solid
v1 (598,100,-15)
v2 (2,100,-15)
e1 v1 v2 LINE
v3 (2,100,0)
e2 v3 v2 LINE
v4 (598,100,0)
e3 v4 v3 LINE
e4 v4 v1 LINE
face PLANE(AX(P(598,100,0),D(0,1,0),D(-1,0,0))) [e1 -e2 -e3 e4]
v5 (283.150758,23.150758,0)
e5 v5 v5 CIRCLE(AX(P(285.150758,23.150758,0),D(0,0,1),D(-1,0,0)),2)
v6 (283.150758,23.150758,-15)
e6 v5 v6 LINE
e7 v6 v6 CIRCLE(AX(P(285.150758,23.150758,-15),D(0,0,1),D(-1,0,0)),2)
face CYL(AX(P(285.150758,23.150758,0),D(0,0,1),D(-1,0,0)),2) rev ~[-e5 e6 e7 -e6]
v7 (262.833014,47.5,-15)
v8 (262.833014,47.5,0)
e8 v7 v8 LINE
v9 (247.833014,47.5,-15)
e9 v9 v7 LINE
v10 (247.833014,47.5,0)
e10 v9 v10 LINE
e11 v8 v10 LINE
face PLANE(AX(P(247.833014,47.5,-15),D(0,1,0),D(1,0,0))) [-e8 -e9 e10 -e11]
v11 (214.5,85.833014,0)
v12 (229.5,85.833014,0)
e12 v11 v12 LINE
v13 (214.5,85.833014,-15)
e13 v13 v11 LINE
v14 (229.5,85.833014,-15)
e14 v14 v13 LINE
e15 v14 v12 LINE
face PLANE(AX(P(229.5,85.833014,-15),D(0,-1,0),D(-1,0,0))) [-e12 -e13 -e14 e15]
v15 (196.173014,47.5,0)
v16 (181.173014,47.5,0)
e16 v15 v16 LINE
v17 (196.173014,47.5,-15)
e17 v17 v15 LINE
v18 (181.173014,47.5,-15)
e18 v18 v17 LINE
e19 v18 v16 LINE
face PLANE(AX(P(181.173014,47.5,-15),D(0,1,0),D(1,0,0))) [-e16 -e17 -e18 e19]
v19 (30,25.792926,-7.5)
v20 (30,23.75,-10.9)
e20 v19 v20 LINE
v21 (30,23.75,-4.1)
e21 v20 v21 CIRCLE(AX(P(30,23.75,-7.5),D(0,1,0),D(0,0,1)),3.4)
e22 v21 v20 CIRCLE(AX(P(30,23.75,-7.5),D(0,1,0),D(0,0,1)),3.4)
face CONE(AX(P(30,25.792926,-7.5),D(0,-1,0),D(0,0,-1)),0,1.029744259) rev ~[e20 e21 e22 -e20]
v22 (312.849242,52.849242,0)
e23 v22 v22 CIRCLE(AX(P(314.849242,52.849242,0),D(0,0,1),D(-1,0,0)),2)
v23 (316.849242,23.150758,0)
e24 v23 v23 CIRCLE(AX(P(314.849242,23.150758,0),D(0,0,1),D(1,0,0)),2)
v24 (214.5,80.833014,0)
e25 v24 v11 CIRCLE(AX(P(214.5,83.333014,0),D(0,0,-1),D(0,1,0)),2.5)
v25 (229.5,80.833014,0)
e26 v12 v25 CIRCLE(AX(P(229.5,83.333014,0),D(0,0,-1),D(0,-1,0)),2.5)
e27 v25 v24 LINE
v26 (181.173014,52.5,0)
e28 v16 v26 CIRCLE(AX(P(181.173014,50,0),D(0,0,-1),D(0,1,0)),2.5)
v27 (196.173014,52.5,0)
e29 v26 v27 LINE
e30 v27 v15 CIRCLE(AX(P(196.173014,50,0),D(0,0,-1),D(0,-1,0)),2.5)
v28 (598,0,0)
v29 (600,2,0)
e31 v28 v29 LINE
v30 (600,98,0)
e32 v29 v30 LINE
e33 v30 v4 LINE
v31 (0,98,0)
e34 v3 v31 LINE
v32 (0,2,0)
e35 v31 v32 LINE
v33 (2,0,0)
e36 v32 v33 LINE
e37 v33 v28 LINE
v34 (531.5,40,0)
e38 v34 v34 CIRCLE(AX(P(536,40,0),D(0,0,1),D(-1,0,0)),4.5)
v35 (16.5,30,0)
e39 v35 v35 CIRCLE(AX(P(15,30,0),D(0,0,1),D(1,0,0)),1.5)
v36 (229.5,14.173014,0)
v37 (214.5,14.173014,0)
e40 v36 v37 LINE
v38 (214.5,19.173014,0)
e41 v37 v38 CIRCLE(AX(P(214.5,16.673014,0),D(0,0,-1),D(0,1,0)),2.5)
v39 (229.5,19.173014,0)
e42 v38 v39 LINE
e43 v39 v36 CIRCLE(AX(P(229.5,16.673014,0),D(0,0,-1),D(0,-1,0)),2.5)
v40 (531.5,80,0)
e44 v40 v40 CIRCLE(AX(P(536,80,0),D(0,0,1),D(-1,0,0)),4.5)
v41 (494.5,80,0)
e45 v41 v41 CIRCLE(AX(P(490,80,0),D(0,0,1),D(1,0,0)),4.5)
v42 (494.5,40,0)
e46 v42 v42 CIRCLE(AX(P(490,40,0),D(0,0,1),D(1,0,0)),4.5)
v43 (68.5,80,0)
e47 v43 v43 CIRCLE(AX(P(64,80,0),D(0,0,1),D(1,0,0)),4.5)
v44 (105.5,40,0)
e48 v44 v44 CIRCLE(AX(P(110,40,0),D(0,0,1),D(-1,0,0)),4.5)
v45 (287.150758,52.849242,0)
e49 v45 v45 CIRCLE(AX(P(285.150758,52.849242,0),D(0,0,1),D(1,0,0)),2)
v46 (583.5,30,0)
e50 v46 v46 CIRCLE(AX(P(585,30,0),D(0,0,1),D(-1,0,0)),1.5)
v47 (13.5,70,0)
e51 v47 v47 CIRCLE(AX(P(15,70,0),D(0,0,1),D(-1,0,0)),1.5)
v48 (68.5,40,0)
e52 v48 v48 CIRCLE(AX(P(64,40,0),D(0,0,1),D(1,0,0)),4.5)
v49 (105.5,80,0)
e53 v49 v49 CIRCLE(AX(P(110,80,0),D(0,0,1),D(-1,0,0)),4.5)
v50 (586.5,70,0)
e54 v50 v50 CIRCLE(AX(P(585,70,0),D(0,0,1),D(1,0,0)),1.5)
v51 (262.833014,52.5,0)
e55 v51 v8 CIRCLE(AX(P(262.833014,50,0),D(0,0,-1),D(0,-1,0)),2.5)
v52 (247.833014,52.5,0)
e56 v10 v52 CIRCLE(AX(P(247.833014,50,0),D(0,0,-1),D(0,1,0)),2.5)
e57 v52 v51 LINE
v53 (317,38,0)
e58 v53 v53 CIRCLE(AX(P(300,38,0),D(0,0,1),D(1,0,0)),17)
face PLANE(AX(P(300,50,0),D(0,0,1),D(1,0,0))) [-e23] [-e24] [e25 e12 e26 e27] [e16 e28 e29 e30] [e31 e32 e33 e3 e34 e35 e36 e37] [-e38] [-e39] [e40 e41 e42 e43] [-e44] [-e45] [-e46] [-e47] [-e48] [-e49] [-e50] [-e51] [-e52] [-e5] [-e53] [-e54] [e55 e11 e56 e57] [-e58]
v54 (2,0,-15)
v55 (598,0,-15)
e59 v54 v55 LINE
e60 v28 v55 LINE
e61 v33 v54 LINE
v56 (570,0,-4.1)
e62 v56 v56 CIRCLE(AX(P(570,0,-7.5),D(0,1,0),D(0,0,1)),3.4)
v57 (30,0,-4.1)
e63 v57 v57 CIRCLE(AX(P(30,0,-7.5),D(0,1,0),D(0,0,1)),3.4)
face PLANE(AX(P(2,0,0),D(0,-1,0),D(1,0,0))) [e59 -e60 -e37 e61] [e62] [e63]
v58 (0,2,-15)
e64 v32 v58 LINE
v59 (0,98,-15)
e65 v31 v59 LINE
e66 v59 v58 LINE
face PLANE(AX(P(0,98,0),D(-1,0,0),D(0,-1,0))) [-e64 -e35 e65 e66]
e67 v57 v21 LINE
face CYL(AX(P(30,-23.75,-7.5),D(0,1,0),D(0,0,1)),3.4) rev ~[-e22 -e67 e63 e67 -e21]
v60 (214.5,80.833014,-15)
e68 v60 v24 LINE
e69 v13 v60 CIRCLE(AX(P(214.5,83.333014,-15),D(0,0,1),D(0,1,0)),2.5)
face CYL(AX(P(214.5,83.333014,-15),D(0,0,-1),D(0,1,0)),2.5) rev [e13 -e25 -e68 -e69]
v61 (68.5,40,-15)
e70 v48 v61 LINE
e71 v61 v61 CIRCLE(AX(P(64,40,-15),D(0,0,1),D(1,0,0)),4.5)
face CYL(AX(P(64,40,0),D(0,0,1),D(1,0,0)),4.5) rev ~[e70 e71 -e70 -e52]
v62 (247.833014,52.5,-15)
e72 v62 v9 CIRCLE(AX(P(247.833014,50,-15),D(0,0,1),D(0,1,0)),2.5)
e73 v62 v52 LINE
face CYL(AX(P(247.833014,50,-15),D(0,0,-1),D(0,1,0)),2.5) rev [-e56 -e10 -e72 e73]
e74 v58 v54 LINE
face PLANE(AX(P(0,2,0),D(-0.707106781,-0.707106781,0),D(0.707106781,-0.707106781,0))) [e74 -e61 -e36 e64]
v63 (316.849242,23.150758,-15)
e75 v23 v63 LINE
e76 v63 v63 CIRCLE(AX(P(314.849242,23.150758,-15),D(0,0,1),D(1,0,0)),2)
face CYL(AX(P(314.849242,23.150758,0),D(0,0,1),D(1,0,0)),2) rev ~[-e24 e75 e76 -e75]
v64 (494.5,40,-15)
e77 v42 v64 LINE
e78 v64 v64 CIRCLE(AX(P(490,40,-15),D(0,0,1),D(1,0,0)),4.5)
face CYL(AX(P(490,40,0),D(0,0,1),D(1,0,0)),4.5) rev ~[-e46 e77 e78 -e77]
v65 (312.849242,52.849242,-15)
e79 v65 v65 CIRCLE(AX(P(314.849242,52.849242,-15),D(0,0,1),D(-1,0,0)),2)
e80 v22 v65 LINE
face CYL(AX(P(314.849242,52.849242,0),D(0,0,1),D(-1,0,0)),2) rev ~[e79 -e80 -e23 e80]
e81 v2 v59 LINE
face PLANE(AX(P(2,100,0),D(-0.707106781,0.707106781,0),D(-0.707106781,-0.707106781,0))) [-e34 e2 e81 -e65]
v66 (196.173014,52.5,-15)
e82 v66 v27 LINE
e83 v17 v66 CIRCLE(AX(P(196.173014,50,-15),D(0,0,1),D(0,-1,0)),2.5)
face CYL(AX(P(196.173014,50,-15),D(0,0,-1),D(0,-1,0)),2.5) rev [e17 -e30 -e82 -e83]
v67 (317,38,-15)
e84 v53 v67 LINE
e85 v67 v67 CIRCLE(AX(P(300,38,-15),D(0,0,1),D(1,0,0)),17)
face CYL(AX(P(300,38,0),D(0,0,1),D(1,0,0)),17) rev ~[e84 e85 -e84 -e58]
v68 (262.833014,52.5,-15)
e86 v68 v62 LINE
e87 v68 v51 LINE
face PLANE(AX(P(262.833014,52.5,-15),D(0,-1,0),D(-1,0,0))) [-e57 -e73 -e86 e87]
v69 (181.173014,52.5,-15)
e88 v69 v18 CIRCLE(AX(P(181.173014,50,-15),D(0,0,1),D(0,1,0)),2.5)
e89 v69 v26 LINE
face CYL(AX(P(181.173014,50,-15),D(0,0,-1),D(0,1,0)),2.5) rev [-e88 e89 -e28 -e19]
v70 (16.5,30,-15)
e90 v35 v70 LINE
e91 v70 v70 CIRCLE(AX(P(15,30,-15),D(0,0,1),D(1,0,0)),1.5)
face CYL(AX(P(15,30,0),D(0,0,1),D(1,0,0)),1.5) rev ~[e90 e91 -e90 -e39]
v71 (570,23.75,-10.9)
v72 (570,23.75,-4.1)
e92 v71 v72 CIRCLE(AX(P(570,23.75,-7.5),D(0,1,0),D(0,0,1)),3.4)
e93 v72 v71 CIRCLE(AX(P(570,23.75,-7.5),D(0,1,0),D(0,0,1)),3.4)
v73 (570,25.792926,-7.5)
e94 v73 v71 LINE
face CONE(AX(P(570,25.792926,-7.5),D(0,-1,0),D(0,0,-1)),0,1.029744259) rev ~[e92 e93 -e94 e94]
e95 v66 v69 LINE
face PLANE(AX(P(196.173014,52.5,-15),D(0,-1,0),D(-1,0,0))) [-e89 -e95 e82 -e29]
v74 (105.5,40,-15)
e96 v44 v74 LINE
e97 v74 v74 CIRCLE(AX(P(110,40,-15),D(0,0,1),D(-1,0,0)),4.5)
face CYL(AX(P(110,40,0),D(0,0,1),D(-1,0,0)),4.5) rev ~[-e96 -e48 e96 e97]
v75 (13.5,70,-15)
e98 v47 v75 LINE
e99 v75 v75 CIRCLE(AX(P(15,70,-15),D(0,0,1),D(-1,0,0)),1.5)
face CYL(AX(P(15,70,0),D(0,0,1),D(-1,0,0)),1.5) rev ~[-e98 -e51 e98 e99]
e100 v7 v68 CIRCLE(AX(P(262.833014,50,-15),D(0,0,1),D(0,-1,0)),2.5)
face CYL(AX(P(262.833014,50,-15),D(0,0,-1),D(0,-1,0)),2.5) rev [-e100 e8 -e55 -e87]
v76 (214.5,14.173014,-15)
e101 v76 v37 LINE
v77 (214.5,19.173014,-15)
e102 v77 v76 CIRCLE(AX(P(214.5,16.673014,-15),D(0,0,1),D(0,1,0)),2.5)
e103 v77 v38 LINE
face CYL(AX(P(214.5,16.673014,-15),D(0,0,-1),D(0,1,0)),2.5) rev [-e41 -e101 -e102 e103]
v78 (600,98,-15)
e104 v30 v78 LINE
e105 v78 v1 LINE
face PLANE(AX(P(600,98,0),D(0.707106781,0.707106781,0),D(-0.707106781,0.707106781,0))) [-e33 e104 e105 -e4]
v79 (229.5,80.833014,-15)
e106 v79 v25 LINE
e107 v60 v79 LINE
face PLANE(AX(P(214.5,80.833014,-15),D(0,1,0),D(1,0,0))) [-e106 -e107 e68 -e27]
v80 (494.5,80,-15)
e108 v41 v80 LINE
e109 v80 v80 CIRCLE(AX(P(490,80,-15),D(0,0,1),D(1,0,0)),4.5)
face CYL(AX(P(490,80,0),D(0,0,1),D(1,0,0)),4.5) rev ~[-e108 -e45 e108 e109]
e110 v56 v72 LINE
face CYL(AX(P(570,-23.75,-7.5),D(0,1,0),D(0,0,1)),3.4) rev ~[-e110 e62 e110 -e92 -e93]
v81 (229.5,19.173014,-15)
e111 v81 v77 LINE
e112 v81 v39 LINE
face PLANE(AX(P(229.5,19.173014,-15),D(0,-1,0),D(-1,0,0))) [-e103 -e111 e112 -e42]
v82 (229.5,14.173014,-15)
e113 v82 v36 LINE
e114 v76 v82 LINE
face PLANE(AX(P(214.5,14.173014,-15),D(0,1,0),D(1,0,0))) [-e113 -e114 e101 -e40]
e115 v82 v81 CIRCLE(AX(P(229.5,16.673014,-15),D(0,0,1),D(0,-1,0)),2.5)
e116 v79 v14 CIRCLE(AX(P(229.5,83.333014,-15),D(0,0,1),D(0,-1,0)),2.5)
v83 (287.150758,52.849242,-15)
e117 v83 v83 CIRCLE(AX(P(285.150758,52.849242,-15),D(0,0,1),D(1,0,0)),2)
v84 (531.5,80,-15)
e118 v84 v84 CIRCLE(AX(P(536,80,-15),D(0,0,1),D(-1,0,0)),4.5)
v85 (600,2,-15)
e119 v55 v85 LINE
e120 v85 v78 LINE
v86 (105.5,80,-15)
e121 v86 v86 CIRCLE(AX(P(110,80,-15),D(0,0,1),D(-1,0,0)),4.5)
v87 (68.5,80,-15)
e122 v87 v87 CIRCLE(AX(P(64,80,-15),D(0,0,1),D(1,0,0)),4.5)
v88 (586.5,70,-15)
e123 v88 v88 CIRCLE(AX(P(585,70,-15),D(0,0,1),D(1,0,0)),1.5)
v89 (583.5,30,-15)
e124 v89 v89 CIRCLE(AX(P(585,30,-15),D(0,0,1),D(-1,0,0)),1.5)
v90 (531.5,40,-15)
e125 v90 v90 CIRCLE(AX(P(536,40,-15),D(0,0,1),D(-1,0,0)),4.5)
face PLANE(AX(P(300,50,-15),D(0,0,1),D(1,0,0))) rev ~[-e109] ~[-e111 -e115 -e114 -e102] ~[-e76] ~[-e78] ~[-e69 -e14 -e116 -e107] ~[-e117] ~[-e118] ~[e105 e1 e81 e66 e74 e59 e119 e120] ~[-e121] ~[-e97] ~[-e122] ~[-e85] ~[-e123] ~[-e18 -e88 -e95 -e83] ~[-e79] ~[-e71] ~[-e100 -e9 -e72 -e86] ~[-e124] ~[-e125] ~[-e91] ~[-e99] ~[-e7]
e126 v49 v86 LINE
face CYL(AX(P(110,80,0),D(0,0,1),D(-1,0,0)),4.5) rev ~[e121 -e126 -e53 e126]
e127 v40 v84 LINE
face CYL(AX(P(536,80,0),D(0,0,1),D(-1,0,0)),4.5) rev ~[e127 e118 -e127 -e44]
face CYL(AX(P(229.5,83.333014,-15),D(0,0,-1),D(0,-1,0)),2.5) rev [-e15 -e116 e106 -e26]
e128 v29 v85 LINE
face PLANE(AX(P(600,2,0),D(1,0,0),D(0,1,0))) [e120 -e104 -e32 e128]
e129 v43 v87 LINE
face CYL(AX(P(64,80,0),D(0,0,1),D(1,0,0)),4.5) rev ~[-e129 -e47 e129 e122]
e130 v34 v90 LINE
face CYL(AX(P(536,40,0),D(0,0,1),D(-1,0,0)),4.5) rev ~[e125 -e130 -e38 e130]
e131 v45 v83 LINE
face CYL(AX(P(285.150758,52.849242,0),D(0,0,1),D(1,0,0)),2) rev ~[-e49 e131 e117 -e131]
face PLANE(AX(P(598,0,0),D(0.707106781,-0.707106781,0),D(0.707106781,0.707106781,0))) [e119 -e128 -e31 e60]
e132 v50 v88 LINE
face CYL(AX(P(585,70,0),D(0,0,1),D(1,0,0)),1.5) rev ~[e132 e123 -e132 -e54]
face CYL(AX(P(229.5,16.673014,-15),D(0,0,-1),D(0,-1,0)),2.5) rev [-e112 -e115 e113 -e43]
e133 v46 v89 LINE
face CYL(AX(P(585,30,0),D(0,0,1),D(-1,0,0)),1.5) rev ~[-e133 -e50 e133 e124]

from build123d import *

# Parameters (mm, degrees)
SCHIZZO1_R            = 17
SCHIZZO1_R_2          = 2
SCHIZZO1_R_3          = 4.5
SCHIZZO1_R_4          = 1.5
BOSS_EXTRUDE1_DEPTH   = 15
M8_TAPPED_HOLE1_D     = 6.8
M8_TAPPED_HOLE1_DEPTH = 23.75
M8_TAPPED_HOLE1_TIP   = 2.042926105
CUT_EXTRUDE1_DEPTH    = 609.461173782


with BuildPart() as part:
    # Schizzo1 → Boss-Extrude1 (new body)
    with BuildSketch(Plane.XY):
        Polygon((2, 0), (598, 0), (600, 2), (600, 98), (598, 100), (2, 100), (0, 98), (0, 2), align=None)
        with Locations((300, 38)):
            Circle(SCHIZZO1_R, mode=Mode.SUBTRACT)
        with Locations(Location((314.849242405, 52.849242405, 0), (0, 0, 180))):
            Circle(SCHIZZO1_R_2, mode=Mode.SUBTRACT)
        with Locations((314.849242405, 23.150757595)):
            Circle(SCHIZZO1_R_2, mode=Mode.SUBTRACT)
        with Locations(Location((285.150757595, 23.150757595, 0), (0, 0, 180))):
            Circle(SCHIZZO1_R_2, mode=Mode.SUBTRACT)
        with Locations(Location((536, 40, 0), (0, 0, 180))):
            Circle(SCHIZZO1_R_3, mode=Mode.SUBTRACT)
        with Locations(Location((536, 80, 0), (0, 0, 180))):
            Circle(SCHIZZO1_R_3, mode=Mode.SUBTRACT)
        with Locations((490, 40)):
            Circle(SCHIZZO1_R_3, mode=Mode.SUBTRACT)
        with Locations((490, 80)):
            Circle(SCHIZZO1_R_3, mode=Mode.SUBTRACT)
        with Locations((585, 70)):
            Circle(SCHIZZO1_R_4, mode=Mode.SUBTRACT)
        with Locations(Location((585, 30, 0), (0, 0, 180))):
            Circle(SCHIZZO1_R_4, mode=Mode.SUBTRACT)
        with Locations((15, 30)):
            Circle(SCHIZZO1_R_4, mode=Mode.SUBTRACT)
        with Locations((285.150757595, 52.849242405)):
            Circle(SCHIZZO1_R_2, mode=Mode.SUBTRACT)
        with Locations(Location((15, 70, 0), (0, 0, 180))):
            Circle(SCHIZZO1_R_4, mode=Mode.SUBTRACT)
        with Locations(Location((110, 80, 0), (0, 0, 180))):
            Circle(SCHIZZO1_R_3, mode=Mode.SUBTRACT)
        with Locations(Location((110, 40, 0), (0, 0, 180))):
            Circle(SCHIZZO1_R_3, mode=Mode.SUBTRACT)
        with Locations((64, 80)):
            Circle(SCHIZZO1_R_3, mode=Mode.SUBTRACT)
        with Locations((64, 40)):
            Circle(SCHIZZO1_R_3, mode=Mode.SUBTRACT)
    extrude(amount=-BOSS_EXTRUDE1_DEPTH)

    # M8 Tapped Hole1
    with Locations(Plane(origin=(30, 0, -7.5), x_dir=(0, 0, -1), z_dir=(0, -1, 0))):
        with Locations((0, 0), (0, 540)):
            Hole(M8_TAPPED_HOLE1_D / 2, depth=M8_TAPPED_HOLE1_DEPTH)
            with Locations((0, 0, -(M8_TAPPED_HOLE1_DEPTH + M8_TAPPED_HOLE1_TIP / 2))):  # 118° drill point
                Cone(0, M8_TAPPED_HOLE1_D / 2, M8_TAPPED_HOLE1_TIP, mode=Mode.SUBTRACT)

    # Sketch7 → Cut-Extrude1 (cut, through all)
    with BuildSketch(Plane(origin=(0, 0, -15), x_dir=(-1, 0, 0), z_dir=(0, 0, -1))):
        with BuildLine():
            Line((-214.5, 80.833013665), (-229.5, 80.833013665))
            ThreePointArc((-229.5, 80.833013665), (-232, 83.333013665), (-229.5, 85.833013665))
            Line((-229.5, 85.833013665), (-214.5, 85.833013665))
            ThreePointArc((-214.5, 85.833013665), (-212, 83.333013665), (-214.5, 80.833013665))
        make_face()
        with BuildLine():
            Line((-247.833013665, 47.5), (-262.833013665, 47.5))
            ThreePointArc((-262.833013665, 47.5), (-265.333013665, 50), (-262.833013665, 52.5))
            Line((-262.833013665, 52.5), (-247.833013665, 52.5))
            ThreePointArc((-247.833013665, 52.5), (-245.333013665, 50), (-247.833013665, 47.5))
        make_face()
        with BuildLine():
            Line((-181.173013665, 47.5), (-196.173013665, 47.5))
            ThreePointArc((-196.173013665, 47.5), (-198.673013665, 50), (-196.173013665, 52.5))
            Line((-196.173013665, 52.5), (-181.173013665, 52.5))
            ThreePointArc((-181.173013665, 52.5), (-178.673013665, 50), (-181.173013665, 47.5))
        make_face()
        with BuildLine():
            Line((-214.5, 14.173013665), (-229.5, 14.173013665))
            ThreePointArc((-229.5, 14.173013665), (-232, 16.673013665), (-229.5, 19.173013665))
            Line((-229.5, 19.173013665), (-214.5, 19.173013665))
            ThreePointArc((-214.5, 19.173013665), (-212, 16.673013665), (-214.5, 14.173013665))
        make_face()
    extrude(amount=-CUT_EXTRUDE1_DEPTH, mode=Mode.SUBTRACT)


solid = part.part
